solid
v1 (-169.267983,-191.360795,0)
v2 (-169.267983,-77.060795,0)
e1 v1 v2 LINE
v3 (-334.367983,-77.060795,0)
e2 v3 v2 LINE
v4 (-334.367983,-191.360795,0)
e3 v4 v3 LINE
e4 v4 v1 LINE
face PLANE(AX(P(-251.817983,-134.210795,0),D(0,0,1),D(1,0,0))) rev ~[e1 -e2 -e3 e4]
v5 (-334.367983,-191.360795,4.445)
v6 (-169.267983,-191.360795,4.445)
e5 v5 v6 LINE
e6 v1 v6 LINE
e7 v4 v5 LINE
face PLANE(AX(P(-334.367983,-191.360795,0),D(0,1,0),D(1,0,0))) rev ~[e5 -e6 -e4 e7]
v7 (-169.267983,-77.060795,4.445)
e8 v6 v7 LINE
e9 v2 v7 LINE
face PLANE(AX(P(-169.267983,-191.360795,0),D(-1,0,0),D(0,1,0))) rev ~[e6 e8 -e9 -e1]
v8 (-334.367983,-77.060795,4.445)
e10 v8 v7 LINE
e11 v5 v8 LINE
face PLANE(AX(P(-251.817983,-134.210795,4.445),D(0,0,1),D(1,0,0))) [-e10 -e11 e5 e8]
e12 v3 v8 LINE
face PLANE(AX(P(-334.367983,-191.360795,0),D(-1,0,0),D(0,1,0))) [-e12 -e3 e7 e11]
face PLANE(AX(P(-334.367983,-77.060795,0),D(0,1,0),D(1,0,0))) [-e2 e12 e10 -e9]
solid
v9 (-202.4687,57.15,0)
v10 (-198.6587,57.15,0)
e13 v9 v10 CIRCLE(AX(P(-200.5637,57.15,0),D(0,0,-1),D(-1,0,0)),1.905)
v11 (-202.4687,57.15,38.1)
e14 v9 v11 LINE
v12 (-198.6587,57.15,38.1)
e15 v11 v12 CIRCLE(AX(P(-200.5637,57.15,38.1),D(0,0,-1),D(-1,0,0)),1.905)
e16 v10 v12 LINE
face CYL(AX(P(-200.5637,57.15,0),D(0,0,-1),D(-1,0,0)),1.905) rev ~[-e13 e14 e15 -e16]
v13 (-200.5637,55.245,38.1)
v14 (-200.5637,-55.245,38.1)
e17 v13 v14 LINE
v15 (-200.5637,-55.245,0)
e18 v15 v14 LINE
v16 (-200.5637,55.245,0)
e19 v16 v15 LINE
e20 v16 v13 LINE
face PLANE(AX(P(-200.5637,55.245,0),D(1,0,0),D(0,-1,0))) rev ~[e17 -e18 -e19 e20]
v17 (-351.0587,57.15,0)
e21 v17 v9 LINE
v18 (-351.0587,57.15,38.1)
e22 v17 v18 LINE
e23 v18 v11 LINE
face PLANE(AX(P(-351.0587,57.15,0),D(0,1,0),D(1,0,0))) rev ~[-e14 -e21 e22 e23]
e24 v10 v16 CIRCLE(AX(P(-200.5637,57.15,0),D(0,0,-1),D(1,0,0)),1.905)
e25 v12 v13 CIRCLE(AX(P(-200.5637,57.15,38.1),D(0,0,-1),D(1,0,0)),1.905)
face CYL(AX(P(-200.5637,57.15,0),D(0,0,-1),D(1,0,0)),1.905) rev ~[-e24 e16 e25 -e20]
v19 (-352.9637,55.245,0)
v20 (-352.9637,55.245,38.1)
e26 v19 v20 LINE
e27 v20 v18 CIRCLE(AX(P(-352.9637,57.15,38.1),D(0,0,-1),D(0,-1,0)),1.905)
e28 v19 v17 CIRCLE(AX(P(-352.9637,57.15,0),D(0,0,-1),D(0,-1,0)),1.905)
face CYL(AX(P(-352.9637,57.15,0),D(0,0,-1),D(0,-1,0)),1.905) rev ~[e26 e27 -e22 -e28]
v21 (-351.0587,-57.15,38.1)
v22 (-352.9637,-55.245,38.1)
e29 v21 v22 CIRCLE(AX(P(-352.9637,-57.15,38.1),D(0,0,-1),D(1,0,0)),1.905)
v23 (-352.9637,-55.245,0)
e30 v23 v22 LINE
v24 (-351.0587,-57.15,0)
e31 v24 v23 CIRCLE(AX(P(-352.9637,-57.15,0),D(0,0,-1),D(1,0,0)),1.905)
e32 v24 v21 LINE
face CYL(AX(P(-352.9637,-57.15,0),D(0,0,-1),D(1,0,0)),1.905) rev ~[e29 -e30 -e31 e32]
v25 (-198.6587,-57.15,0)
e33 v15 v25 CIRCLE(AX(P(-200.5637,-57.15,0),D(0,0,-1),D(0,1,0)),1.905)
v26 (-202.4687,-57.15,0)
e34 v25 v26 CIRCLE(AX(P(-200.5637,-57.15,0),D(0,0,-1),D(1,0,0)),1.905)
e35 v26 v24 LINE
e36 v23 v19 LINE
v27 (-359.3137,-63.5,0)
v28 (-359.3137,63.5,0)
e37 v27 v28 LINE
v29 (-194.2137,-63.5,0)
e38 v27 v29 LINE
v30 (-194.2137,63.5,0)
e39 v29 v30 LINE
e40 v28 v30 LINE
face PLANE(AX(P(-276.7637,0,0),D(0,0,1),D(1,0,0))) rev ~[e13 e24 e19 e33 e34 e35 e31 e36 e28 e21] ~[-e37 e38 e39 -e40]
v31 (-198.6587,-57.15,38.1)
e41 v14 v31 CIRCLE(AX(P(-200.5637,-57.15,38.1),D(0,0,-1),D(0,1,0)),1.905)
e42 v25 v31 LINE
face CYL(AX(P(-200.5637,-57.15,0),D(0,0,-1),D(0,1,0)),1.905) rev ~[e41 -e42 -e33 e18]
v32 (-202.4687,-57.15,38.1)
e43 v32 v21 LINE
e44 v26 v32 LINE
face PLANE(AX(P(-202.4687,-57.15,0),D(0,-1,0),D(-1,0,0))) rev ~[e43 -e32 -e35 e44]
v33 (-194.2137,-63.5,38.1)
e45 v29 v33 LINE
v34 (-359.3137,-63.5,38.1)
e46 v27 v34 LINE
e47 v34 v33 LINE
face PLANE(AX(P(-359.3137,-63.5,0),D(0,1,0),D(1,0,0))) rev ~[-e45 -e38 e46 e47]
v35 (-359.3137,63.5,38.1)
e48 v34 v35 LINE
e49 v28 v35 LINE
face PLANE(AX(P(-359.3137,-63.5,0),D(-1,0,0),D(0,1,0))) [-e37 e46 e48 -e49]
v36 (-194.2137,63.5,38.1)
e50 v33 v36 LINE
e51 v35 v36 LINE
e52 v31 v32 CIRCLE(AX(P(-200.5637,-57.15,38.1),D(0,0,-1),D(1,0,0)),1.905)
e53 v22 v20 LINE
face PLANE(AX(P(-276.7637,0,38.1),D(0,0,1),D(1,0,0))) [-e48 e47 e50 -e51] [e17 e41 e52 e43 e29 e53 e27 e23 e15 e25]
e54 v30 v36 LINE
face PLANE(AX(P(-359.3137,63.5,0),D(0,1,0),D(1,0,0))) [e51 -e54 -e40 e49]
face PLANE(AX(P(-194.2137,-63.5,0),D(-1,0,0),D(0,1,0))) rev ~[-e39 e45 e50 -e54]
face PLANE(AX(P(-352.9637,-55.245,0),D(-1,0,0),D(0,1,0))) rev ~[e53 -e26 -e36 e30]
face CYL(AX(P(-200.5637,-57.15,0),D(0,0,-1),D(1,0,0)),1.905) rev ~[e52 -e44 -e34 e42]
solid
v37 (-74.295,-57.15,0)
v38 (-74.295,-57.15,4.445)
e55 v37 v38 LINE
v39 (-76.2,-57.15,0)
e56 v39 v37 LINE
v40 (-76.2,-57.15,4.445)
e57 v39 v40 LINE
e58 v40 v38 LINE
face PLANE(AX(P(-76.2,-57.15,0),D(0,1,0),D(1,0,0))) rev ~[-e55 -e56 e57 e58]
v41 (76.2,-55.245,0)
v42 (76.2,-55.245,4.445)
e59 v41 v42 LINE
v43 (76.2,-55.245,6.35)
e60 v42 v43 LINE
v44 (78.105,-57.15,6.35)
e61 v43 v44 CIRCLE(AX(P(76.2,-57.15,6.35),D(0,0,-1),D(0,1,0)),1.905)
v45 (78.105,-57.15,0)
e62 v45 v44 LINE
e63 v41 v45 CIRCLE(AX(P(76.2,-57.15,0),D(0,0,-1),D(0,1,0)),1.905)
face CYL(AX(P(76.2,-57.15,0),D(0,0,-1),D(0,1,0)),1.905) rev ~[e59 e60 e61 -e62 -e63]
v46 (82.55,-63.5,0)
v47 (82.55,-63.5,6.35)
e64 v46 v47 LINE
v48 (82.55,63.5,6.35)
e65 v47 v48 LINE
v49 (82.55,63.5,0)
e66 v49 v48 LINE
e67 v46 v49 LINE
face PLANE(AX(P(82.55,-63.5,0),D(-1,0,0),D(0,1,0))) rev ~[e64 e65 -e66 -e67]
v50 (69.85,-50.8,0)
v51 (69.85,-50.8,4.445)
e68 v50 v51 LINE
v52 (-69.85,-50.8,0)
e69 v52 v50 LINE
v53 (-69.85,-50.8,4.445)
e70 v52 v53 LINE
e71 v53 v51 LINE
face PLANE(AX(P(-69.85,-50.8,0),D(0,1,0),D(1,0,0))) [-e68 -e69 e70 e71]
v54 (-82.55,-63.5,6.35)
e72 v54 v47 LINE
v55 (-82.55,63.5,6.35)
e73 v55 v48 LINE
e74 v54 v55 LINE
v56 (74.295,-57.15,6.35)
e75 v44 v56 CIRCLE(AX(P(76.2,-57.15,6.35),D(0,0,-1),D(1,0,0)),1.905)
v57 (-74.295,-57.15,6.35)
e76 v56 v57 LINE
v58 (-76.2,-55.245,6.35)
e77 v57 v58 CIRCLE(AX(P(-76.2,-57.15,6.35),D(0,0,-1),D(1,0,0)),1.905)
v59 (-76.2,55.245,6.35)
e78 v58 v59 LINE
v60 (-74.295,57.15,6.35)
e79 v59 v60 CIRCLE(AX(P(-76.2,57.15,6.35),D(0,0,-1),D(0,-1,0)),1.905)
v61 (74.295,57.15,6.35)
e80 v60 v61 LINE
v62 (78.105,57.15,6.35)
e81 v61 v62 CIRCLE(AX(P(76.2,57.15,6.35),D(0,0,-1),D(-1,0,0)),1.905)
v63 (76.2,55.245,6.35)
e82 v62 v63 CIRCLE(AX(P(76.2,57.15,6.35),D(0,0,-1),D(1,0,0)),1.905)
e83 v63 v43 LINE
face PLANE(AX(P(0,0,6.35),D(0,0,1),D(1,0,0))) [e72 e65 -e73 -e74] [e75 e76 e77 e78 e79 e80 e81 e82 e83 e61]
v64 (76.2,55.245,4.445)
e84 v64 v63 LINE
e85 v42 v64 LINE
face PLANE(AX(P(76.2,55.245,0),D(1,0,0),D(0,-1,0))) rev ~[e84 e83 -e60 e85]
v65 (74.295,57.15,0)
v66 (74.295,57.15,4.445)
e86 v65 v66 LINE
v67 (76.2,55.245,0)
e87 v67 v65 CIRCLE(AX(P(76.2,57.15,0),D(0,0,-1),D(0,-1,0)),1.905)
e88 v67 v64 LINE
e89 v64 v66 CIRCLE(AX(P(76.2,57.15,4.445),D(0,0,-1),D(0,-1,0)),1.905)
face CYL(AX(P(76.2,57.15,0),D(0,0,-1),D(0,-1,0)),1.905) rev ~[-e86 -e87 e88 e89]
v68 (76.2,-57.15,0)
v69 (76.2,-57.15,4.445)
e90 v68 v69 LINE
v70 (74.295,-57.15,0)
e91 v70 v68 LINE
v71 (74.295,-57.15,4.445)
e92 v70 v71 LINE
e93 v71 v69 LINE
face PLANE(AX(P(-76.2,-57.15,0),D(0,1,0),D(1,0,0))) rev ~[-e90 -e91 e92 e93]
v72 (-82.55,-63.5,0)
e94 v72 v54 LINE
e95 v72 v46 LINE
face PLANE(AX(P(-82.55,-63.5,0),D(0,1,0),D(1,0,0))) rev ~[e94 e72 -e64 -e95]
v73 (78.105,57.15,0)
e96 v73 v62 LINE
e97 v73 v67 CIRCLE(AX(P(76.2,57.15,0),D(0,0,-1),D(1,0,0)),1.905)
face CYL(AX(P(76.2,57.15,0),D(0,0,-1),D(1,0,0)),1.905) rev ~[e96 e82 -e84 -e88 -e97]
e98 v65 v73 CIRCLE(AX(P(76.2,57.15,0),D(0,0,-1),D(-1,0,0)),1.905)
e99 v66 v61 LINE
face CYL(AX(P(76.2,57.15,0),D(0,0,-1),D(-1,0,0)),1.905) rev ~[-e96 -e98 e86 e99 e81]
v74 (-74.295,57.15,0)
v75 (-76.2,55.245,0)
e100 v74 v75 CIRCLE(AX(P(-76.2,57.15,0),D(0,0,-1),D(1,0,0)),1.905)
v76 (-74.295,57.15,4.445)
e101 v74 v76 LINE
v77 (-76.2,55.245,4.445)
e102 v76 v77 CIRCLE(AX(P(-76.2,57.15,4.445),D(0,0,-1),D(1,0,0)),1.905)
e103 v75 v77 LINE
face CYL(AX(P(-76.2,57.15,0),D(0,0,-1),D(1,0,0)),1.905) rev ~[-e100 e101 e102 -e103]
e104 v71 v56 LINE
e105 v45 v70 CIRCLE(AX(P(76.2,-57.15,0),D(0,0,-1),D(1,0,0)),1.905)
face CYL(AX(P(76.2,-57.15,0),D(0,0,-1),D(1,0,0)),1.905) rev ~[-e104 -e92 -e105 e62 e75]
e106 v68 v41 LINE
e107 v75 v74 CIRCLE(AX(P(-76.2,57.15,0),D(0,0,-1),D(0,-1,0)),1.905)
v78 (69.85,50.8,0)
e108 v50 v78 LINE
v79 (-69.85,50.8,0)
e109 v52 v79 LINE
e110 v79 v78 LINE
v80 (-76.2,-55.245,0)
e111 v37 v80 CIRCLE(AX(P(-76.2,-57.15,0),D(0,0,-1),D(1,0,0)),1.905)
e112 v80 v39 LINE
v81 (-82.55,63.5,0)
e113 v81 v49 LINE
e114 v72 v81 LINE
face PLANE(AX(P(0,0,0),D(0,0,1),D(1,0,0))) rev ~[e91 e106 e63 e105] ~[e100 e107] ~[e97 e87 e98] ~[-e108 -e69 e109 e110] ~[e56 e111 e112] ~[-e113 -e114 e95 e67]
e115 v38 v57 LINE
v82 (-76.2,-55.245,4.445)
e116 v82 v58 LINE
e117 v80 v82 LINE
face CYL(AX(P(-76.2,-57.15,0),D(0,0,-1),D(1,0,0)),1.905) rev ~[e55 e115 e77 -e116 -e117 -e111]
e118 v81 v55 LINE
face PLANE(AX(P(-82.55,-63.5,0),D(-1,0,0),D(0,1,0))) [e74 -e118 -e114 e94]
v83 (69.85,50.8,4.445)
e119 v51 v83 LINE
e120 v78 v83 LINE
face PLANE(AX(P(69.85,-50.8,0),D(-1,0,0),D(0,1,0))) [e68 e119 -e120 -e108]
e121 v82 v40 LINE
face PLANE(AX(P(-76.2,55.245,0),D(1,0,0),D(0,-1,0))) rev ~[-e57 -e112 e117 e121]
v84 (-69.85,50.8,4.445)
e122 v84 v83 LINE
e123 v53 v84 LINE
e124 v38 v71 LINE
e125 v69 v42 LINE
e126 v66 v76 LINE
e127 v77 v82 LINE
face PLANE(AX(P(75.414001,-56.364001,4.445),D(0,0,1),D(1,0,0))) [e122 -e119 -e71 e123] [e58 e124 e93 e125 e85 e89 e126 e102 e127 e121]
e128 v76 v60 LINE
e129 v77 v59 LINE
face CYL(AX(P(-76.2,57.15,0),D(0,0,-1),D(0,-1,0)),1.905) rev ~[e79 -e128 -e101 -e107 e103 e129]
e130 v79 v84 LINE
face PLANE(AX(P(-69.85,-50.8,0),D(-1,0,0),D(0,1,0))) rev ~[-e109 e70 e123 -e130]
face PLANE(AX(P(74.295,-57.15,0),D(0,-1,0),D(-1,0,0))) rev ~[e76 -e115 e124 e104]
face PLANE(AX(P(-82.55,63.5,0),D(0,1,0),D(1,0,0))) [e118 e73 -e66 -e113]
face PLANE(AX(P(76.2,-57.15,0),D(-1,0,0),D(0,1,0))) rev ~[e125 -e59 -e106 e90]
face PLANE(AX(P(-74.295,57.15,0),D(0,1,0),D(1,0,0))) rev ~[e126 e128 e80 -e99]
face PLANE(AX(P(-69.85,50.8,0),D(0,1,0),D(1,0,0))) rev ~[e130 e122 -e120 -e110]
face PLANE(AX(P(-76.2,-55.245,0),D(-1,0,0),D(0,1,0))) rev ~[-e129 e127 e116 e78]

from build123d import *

# Parameters (mm, degrees)
F0_W     = 139.7
F0_H     = 101.6
F1_DEPTH = 4.445
F0_W_2   = 165.1
F0_H_2   = 127
F2_DEPTH = 6.35
F3_W     = 165.1
F3_H     = 127
F4_DEPTH = 38.1
F5_W     = 165.1
F5_H     = 114.3
F6_DEPTH = 4.445


with BuildPart() as f1:
    # F0 (on Top) → F1 (new body)
    with BuildSketch(Plane.XY):
        with BuildLine():
            ThreePointArc((76.2, -55.245), (74.8529615818, -55.8029615818), (74.295, -57.15))
            Line((74.295, -57.15), (76.2, -57.15))
            Line((76.2, -57.15), (76.2, -55.245))
        make_face()
        with BuildLine():
            ThreePointArc((-76.2, -55.245), (-74.8529615818, -55.8029615818), (-74.295, -57.15))
            Line((-74.295, -57.15), (74.295, -57.15))
            ThreePointArc((74.295, -57.15), (74.8529615818, -55.8029615818), (76.2, -55.245))
            Line((76.2, -55.245), (76.2, 55.245))
            ThreePointArc((76.2, 55.245), (74.8529615818, 55.8029615818), (74.295, 57.15))
            Line((74.295, 57.15), (-74.295, 57.15))
            ThreePointArc((-74.295, 57.15), (-74.8529615818, 55.8029615818), (-76.2, 55.245))
            Line((-76.2, 55.245), (-76.2, -55.245))
        make_face()
        Rectangle(F0_W, F0_H, mode=Mode.SUBTRACT)
        with BuildLine():
            Line((-76.2, -57.15), (-74.295, -57.15))
            ThreePointArc((-74.295, -57.15), (-74.8529615818, -55.8029615818), (-76.2, -55.245))
            Line((-76.2, -55.245), (-76.2, -57.15))
        make_face()
    extrude(amount=F1_DEPTH)

    # F0 (on Top) → F2 (join)
    with BuildSketch(Plane.XY):
        Rectangle(F0_W_2, F0_H_2)
        with BuildLine():
            Line((74.295, -57.15), (-74.295, -57.15))
            ThreePointArc((-74.295, -57.15), (-77.5470384182, -58.4970384182), (-76.2, -55.245))
            Line((-76.2, -55.245), (-76.2, 55.245))
            ThreePointArc((-76.2, 55.245), (-77.5470384182, 58.4970384182), (-74.295, 57.15))
            Line((-74.295, 57.15), (74.295, 57.15))
            ThreePointArc((74.295, 57.15), (76.2, 59.055), (78.105, 57.15))
            ThreePointArc((78.105, 57.15), (77.5470384182, 55.8029615818), (76.2, 55.245))
            Line((76.2, 55.245), (76.2, -55.245))
            ThreePointArc((76.2, -55.245), (77.5470384182, -55.8029615818), (78.105, -57.15))
            ThreePointArc((78.105, -57.15), (76.2, -59.055), (74.295, -57.15))
        make_face(mode=Mode.SUBTRACT)
    extrude(amount=F2_DEPTH)


with BuildPart() as f4:
    # F3 (on Top) → F4 (new body)
    with BuildSketch(Plane.XY):
        with Locations((-276.7637000168, 0)):
            Rectangle(F3_W, F3_H)
        with BuildLine():
            Line((-202.4687000168, -57.15), (-351.0587000168, -57.15))
            ThreePointArc((-351.0587000168, -57.15), (-354.3107384349, -58.4970384182), (-352.9637000168, -55.245))
            Line((-352.9637000168, -55.245), (-352.9637000168, 55.245))
            ThreePointArc((-352.9637000168, 55.245), (-354.3107384349, 58.4970384182), (-351.0587000168, 57.15))
            Line((-351.0587000168, 57.15), (-202.4687000168, 57.15))
            ThreePointArc((-202.4687000168, 57.15), (-200.5637000168, 59.055), (-198.6587000168, 57.15))
            ThreePointArc((-198.6587000168, 57.15), (-199.2166615986, 55.8029615818), (-200.5637000168, 55.245))
            Line((-200.5637000168, 55.245), (-200.5637000168, -55.245))
            ThreePointArc((-200.5637000168, -55.245), (-199.2166615986, -55.8029615818), (-198.6587000168, -57.15))
            ThreePointArc((-198.6587000168, -57.15), (-200.5637000168, -59.055), (-202.4687000168, -57.15))
        make_face(mode=Mode.SUBTRACT)
    extrude(amount=F4_DEPTH)


with BuildPart() as f6:
    # F5 (on Top) → F6 (new body)
    with BuildSketch(Plane.XY):
        with Locations((-251.817983162, -134.2107951641)):
            Rectangle(F5_W, F5_H)
    extrude(amount=F6_DEPTH)


solid = Compound([f1.part, f4.part, f6.part])
